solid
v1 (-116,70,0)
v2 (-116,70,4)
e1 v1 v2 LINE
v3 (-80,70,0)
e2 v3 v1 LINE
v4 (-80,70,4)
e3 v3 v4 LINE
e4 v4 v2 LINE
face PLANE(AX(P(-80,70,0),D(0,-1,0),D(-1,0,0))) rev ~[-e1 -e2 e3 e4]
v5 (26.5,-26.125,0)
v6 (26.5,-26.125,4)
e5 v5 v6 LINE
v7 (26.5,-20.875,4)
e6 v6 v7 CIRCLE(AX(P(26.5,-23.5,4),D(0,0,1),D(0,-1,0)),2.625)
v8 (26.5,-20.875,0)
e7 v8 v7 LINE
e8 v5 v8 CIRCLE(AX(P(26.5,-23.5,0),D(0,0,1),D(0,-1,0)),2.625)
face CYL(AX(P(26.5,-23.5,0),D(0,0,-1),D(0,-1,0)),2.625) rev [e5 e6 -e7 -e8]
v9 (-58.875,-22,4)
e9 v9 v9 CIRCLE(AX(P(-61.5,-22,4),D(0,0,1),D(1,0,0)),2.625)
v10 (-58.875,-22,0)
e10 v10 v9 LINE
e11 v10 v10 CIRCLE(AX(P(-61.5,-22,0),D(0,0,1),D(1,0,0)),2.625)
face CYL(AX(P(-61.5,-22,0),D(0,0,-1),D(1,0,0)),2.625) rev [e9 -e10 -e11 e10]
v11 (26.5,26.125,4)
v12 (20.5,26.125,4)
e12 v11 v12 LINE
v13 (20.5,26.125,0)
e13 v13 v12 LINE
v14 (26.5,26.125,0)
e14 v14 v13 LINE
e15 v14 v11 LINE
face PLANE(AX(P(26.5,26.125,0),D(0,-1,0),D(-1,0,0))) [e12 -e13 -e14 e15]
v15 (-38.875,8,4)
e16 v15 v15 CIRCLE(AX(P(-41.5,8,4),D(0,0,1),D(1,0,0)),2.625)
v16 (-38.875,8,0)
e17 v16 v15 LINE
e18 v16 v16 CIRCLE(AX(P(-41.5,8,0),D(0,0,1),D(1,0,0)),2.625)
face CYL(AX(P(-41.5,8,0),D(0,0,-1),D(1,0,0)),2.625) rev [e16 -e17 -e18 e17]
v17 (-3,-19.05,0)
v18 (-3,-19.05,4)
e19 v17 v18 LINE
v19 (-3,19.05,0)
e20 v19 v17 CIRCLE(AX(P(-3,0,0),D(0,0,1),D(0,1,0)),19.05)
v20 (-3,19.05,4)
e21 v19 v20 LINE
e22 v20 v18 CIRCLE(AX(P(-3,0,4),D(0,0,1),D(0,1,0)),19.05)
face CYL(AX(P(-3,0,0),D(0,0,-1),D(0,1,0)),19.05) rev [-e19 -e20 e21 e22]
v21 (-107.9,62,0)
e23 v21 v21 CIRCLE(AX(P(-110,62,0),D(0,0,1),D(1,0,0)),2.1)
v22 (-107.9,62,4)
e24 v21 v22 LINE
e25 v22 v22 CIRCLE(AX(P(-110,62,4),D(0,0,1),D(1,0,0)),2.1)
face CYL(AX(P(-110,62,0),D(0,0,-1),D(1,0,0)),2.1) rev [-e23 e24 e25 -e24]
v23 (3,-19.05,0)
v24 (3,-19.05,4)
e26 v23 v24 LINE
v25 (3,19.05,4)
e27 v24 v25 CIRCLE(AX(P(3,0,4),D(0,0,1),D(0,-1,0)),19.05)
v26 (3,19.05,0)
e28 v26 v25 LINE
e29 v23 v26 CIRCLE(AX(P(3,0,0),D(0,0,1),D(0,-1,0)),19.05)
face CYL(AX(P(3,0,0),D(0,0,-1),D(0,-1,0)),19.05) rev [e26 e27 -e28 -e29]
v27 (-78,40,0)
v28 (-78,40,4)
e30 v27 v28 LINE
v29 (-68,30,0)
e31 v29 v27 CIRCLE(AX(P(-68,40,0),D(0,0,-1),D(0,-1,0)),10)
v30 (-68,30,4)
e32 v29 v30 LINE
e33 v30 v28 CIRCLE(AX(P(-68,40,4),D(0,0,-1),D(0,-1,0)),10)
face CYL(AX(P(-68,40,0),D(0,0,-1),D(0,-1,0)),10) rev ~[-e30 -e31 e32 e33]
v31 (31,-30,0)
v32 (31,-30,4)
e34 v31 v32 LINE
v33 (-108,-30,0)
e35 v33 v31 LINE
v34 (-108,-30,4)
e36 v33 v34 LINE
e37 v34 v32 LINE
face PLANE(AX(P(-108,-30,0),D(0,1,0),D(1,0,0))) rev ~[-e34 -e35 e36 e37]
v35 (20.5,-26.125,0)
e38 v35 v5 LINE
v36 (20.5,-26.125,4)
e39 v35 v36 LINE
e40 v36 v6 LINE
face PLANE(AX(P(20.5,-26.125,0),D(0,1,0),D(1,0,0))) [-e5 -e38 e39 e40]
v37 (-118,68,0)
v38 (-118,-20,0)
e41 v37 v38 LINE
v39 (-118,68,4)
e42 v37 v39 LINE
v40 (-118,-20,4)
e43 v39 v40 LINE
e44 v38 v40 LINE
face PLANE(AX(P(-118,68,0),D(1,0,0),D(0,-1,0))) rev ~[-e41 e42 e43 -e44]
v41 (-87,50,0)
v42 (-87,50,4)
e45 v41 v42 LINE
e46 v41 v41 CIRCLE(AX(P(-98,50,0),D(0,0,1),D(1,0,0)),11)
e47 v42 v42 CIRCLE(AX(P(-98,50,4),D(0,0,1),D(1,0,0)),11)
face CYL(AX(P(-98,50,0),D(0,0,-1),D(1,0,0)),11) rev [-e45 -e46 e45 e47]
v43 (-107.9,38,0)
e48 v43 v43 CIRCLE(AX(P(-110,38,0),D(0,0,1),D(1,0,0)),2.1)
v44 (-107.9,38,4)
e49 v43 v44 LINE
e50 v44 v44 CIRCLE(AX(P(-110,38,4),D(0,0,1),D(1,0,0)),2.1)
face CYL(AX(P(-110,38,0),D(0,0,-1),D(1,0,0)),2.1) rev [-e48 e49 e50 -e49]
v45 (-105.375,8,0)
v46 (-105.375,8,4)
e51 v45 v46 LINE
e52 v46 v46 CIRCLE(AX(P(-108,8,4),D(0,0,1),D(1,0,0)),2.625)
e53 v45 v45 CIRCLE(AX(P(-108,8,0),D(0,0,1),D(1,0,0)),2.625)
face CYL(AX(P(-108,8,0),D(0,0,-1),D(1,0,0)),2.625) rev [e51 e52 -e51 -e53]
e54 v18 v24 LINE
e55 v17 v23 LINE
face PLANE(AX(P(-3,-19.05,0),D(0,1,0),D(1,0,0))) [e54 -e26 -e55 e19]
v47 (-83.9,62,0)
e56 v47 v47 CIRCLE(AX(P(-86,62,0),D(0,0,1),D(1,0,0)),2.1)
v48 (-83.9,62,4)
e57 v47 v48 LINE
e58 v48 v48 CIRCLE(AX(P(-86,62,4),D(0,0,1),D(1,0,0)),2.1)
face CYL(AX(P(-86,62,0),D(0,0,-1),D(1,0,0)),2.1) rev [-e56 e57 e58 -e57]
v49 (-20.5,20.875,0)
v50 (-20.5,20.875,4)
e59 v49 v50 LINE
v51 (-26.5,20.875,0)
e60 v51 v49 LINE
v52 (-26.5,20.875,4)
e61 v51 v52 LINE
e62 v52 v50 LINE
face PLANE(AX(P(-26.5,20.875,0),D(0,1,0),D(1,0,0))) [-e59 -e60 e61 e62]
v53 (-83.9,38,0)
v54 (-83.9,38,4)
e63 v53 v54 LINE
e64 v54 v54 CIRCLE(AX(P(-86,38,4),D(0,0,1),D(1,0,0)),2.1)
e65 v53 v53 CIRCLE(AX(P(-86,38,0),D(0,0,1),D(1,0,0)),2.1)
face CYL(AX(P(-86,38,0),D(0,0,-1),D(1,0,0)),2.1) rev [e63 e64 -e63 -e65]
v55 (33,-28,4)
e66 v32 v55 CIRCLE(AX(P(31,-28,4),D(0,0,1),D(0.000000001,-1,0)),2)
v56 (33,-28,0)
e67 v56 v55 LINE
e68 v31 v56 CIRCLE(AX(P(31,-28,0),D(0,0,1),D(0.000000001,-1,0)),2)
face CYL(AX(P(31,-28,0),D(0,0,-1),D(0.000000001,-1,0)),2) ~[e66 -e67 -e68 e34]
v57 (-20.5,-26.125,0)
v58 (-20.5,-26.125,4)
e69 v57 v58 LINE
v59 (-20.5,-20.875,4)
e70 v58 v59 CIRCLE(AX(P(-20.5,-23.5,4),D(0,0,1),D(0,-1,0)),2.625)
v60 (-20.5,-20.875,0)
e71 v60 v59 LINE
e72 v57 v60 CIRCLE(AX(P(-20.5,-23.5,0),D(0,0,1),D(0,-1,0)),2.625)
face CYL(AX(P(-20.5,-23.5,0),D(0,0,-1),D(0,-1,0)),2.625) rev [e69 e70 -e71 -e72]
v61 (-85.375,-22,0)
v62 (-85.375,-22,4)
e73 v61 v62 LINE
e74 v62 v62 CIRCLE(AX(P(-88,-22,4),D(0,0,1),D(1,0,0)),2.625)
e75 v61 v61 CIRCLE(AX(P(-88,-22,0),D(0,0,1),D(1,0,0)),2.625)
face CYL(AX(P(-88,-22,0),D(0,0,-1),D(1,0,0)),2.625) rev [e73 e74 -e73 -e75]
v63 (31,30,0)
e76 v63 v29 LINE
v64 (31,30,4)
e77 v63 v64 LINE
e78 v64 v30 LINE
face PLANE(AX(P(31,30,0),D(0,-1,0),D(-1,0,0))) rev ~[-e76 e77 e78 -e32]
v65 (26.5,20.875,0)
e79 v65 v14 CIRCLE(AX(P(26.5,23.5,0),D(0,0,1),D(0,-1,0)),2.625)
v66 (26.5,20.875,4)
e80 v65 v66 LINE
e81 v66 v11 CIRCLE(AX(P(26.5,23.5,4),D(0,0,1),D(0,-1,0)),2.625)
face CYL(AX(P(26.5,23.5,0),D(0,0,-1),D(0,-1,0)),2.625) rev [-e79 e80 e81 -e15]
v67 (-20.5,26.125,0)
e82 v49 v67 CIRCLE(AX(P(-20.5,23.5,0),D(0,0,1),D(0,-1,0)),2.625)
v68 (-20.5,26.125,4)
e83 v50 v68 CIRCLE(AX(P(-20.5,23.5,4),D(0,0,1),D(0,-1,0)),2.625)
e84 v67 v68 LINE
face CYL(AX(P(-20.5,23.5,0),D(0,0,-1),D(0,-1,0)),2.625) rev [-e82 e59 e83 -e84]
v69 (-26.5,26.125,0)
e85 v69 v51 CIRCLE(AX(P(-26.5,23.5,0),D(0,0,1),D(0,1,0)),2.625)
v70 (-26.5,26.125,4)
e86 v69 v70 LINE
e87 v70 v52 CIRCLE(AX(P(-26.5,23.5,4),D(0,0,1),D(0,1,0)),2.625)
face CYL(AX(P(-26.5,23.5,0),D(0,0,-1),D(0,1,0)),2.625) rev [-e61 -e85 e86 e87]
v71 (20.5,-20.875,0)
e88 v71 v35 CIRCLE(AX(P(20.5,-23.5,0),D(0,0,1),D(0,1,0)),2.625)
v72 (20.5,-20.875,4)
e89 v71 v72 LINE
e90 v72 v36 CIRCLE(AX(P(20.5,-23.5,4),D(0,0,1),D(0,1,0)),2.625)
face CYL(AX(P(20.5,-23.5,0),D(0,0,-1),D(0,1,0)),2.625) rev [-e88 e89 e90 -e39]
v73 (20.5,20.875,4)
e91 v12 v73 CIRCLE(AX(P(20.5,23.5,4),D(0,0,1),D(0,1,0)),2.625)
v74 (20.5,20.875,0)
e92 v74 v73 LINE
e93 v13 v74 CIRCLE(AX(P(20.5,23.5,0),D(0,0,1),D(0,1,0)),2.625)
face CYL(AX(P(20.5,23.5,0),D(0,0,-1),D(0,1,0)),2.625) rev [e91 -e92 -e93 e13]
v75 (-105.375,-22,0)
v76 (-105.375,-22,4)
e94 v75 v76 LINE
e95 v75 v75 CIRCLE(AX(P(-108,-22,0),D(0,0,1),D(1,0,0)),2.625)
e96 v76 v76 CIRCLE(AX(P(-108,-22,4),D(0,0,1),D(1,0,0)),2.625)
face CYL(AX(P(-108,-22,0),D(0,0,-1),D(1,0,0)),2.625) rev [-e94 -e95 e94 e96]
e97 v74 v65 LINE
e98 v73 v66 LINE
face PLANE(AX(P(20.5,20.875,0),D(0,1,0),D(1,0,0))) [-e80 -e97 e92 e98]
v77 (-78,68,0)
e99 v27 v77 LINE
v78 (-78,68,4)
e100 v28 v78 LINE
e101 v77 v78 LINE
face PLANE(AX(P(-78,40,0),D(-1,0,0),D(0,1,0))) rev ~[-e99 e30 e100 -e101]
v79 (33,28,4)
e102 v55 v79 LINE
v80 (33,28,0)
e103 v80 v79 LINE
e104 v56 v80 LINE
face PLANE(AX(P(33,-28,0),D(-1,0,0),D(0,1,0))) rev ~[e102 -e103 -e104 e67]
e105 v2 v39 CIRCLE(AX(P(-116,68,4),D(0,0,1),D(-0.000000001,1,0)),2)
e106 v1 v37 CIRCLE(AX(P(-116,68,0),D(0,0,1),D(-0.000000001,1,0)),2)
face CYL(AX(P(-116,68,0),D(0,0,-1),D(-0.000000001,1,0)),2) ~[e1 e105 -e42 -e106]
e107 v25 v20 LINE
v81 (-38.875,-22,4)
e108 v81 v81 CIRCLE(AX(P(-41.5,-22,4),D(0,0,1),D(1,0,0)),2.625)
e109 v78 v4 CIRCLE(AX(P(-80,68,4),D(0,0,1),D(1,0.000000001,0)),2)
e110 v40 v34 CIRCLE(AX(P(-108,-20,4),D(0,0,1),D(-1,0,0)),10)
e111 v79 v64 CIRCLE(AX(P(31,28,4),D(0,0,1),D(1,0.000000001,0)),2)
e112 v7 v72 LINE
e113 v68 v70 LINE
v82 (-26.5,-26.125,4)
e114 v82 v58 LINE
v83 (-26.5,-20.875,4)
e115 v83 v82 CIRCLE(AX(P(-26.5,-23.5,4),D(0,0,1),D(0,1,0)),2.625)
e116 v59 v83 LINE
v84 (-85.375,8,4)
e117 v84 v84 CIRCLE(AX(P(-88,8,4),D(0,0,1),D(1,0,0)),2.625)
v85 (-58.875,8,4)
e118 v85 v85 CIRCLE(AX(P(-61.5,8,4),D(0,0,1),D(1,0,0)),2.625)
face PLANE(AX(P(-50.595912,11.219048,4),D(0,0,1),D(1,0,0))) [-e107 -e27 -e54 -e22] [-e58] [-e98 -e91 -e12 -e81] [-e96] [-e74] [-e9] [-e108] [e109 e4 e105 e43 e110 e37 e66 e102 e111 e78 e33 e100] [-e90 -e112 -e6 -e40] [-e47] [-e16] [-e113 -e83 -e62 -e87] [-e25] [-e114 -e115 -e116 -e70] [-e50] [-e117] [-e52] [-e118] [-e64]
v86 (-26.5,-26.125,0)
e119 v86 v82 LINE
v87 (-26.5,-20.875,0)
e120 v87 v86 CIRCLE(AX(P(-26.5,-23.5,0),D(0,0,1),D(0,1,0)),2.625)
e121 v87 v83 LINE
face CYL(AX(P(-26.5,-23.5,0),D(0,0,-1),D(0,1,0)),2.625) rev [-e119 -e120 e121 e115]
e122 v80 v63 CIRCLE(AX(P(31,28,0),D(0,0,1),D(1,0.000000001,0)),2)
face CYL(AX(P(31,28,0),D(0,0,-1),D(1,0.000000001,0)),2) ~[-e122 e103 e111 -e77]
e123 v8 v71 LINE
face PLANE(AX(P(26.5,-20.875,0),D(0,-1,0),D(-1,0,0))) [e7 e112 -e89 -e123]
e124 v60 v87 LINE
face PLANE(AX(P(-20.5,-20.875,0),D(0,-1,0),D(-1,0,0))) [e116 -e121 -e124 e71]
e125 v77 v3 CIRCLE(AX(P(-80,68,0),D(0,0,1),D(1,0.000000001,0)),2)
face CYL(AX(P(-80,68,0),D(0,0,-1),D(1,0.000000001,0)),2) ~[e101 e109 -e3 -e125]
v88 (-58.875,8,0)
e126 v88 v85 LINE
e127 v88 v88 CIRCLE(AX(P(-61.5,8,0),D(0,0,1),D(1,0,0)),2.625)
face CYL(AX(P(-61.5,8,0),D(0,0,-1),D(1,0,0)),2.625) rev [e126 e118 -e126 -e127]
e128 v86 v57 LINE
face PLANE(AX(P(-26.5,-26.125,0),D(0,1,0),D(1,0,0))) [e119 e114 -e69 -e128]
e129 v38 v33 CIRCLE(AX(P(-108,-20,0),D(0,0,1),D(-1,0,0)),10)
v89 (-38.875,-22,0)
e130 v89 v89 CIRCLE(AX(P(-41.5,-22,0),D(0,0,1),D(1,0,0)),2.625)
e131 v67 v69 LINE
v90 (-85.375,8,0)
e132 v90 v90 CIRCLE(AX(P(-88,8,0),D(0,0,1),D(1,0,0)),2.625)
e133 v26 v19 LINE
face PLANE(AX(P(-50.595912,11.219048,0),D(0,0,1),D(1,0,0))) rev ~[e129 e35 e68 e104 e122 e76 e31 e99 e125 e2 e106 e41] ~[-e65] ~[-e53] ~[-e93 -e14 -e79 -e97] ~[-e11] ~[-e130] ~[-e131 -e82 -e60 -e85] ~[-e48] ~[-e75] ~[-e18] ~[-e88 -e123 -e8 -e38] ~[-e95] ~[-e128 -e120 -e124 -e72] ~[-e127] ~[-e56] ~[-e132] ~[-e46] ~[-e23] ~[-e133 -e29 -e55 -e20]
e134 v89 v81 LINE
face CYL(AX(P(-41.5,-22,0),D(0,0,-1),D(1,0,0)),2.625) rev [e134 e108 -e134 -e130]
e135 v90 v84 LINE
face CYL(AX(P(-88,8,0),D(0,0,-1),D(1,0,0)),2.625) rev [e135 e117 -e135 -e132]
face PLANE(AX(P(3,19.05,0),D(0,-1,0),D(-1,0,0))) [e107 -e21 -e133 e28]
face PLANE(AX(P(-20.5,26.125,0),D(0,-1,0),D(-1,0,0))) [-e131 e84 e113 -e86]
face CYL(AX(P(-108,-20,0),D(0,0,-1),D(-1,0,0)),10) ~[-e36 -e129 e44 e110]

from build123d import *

# Parameters (mm, degrees)
MODEL_R         = 11
MODEL_R_2       = 2.1
MODEL_R_3       = 2.625
EXTRUDE_1_DEPTH = 4


with BuildPart() as part:
    # Model → 凸台-拉伸1 (new body)
    with BuildSketch(Plane.XY):
        with BuildLine():
            Line((-80, 70), (-116, 70))
            ThreePointArc((-116, 70), (-117.414213562, 69.414213562), (-118, 68))
            Line((-118, 68), (-118, -20))
            ThreePointArc((-118, -20), (-115.071067812, -27.071067812), (-108, -30))
            Line((-108, -30), (31, -30))
            ThreePointArc((31, -30), (32.414213562, -29.414213562), (33, -28))
            Line((33, -28), (33, 28))
            ThreePointArc((33, 28), (32.414213562, 29.414213562), (31, 30))
            Line((31, 30), (-68, 30))
            ThreePointArc((-68, 30), (-75.071067812, 32.928932188), (-78, 40))
            Line((-78, 40), (-78, 68))
            ThreePointArc((-78, 68), (-78.585786438, 69.414213562), (-80, 70))
        make_face()
        with Locations((-98, 50)):
            Circle(MODEL_R, mode=Mode.SUBTRACT)
        with Locations((-110, 62)):
            Circle(MODEL_R_2, mode=Mode.SUBTRACT)
        with Locations((-86, 62)):
            Circle(MODEL_R_2, mode=Mode.SUBTRACT)
        with Locations((-110, 38)):
            Circle(MODEL_R_2, mode=Mode.SUBTRACT)
        with Locations((-86, 38)):
            Circle(MODEL_R_2, mode=Mode.SUBTRACT)
        with Locations((-61.5, 8)):
            Circle(MODEL_R_3, mode=Mode.SUBTRACT)
        with Locations((-41.5, 8)):
            Circle(MODEL_R_3, mode=Mode.SUBTRACT)
        with Locations((-41.5, -22)):
            Circle(MODEL_R_3, mode=Mode.SUBTRACT)
        with Locations((-61.5, -22)):
            Circle(MODEL_R_3, mode=Mode.SUBTRACT)
        with Locations((-108, 8)):
            Circle(MODEL_R_3, mode=Mode.SUBTRACT)
        with Locations((-88, 8)):
            Circle(MODEL_R_3, mode=Mode.SUBTRACT)
        with Locations((-108, -22)):
            Circle(MODEL_R_3, mode=Mode.SUBTRACT)
        with Locations((-88, -22)):
            Circle(MODEL_R_3, mode=Mode.SUBTRACT)
        with BuildLine():
            Line((-20.5, -20.875), (-26.5, -20.875))
            ThreePointArc((-26.5, -20.875), (-29.125, -23.5), (-26.5, -26.125))
            Line((-26.5, -26.125), (-20.5, -26.125))
            ThreePointArc((-20.5, -26.125), (-17.875, -23.5), (-20.5, -20.875))
        make_face(mode=Mode.SUBTRACT)
        with BuildLine():
            Line((20.5, 20.875), (26.5, 20.875))
            ThreePointArc((26.5, 20.875), (29.125, 23.5), (26.5, 26.125))
            Line((26.5, 26.125), (20.5, 26.125))
            ThreePointArc((20.5, 26.125), (17.875, 23.5), (20.5, 20.875))
        make_face(mode=Mode.SUBTRACT)
        with BuildLine():
            Line((-3, -19.05), (3, -19.05))
            ThreePointArc((3, -19.05), (22.05, 0), (3, 19.05))
            Line((3, 19.05), (-3, 19.05))
            ThreePointArc((-3, 19.05), (-22.05, 0), (-3, -19.05))
        make_face(mode=Mode.SUBTRACT)
        with BuildLine():
            Line((-26.5, 20.875), (-20.5, 20.875))
            ThreePointArc((-20.5, 20.875), (-17.875, 23.5), (-20.5, 26.125))
            Line((-20.5, 26.125), (-26.5, 26.125))
            ThreePointArc((-26.5, 26.125), (-29.125, 23.5), (-26.5, 20.875))
        make_face(mode=Mode.SUBTRACT)
        with BuildLine():
            Line((26.5, -20.875), (20.5, -20.875))
            ThreePointArc((20.5, -20.875), (17.875, -23.5), (20.5, -26.125))
            Line((20.5, -26.125), (26.5, -26.125))
            ThreePointArc((26.5, -26.125), (29.125, -23.5), (26.5, -20.875))
        make_face(mode=Mode.SUBTRACT)
    extrude(amount=EXTRUDE_1_DEPTH)


solid = part.part
